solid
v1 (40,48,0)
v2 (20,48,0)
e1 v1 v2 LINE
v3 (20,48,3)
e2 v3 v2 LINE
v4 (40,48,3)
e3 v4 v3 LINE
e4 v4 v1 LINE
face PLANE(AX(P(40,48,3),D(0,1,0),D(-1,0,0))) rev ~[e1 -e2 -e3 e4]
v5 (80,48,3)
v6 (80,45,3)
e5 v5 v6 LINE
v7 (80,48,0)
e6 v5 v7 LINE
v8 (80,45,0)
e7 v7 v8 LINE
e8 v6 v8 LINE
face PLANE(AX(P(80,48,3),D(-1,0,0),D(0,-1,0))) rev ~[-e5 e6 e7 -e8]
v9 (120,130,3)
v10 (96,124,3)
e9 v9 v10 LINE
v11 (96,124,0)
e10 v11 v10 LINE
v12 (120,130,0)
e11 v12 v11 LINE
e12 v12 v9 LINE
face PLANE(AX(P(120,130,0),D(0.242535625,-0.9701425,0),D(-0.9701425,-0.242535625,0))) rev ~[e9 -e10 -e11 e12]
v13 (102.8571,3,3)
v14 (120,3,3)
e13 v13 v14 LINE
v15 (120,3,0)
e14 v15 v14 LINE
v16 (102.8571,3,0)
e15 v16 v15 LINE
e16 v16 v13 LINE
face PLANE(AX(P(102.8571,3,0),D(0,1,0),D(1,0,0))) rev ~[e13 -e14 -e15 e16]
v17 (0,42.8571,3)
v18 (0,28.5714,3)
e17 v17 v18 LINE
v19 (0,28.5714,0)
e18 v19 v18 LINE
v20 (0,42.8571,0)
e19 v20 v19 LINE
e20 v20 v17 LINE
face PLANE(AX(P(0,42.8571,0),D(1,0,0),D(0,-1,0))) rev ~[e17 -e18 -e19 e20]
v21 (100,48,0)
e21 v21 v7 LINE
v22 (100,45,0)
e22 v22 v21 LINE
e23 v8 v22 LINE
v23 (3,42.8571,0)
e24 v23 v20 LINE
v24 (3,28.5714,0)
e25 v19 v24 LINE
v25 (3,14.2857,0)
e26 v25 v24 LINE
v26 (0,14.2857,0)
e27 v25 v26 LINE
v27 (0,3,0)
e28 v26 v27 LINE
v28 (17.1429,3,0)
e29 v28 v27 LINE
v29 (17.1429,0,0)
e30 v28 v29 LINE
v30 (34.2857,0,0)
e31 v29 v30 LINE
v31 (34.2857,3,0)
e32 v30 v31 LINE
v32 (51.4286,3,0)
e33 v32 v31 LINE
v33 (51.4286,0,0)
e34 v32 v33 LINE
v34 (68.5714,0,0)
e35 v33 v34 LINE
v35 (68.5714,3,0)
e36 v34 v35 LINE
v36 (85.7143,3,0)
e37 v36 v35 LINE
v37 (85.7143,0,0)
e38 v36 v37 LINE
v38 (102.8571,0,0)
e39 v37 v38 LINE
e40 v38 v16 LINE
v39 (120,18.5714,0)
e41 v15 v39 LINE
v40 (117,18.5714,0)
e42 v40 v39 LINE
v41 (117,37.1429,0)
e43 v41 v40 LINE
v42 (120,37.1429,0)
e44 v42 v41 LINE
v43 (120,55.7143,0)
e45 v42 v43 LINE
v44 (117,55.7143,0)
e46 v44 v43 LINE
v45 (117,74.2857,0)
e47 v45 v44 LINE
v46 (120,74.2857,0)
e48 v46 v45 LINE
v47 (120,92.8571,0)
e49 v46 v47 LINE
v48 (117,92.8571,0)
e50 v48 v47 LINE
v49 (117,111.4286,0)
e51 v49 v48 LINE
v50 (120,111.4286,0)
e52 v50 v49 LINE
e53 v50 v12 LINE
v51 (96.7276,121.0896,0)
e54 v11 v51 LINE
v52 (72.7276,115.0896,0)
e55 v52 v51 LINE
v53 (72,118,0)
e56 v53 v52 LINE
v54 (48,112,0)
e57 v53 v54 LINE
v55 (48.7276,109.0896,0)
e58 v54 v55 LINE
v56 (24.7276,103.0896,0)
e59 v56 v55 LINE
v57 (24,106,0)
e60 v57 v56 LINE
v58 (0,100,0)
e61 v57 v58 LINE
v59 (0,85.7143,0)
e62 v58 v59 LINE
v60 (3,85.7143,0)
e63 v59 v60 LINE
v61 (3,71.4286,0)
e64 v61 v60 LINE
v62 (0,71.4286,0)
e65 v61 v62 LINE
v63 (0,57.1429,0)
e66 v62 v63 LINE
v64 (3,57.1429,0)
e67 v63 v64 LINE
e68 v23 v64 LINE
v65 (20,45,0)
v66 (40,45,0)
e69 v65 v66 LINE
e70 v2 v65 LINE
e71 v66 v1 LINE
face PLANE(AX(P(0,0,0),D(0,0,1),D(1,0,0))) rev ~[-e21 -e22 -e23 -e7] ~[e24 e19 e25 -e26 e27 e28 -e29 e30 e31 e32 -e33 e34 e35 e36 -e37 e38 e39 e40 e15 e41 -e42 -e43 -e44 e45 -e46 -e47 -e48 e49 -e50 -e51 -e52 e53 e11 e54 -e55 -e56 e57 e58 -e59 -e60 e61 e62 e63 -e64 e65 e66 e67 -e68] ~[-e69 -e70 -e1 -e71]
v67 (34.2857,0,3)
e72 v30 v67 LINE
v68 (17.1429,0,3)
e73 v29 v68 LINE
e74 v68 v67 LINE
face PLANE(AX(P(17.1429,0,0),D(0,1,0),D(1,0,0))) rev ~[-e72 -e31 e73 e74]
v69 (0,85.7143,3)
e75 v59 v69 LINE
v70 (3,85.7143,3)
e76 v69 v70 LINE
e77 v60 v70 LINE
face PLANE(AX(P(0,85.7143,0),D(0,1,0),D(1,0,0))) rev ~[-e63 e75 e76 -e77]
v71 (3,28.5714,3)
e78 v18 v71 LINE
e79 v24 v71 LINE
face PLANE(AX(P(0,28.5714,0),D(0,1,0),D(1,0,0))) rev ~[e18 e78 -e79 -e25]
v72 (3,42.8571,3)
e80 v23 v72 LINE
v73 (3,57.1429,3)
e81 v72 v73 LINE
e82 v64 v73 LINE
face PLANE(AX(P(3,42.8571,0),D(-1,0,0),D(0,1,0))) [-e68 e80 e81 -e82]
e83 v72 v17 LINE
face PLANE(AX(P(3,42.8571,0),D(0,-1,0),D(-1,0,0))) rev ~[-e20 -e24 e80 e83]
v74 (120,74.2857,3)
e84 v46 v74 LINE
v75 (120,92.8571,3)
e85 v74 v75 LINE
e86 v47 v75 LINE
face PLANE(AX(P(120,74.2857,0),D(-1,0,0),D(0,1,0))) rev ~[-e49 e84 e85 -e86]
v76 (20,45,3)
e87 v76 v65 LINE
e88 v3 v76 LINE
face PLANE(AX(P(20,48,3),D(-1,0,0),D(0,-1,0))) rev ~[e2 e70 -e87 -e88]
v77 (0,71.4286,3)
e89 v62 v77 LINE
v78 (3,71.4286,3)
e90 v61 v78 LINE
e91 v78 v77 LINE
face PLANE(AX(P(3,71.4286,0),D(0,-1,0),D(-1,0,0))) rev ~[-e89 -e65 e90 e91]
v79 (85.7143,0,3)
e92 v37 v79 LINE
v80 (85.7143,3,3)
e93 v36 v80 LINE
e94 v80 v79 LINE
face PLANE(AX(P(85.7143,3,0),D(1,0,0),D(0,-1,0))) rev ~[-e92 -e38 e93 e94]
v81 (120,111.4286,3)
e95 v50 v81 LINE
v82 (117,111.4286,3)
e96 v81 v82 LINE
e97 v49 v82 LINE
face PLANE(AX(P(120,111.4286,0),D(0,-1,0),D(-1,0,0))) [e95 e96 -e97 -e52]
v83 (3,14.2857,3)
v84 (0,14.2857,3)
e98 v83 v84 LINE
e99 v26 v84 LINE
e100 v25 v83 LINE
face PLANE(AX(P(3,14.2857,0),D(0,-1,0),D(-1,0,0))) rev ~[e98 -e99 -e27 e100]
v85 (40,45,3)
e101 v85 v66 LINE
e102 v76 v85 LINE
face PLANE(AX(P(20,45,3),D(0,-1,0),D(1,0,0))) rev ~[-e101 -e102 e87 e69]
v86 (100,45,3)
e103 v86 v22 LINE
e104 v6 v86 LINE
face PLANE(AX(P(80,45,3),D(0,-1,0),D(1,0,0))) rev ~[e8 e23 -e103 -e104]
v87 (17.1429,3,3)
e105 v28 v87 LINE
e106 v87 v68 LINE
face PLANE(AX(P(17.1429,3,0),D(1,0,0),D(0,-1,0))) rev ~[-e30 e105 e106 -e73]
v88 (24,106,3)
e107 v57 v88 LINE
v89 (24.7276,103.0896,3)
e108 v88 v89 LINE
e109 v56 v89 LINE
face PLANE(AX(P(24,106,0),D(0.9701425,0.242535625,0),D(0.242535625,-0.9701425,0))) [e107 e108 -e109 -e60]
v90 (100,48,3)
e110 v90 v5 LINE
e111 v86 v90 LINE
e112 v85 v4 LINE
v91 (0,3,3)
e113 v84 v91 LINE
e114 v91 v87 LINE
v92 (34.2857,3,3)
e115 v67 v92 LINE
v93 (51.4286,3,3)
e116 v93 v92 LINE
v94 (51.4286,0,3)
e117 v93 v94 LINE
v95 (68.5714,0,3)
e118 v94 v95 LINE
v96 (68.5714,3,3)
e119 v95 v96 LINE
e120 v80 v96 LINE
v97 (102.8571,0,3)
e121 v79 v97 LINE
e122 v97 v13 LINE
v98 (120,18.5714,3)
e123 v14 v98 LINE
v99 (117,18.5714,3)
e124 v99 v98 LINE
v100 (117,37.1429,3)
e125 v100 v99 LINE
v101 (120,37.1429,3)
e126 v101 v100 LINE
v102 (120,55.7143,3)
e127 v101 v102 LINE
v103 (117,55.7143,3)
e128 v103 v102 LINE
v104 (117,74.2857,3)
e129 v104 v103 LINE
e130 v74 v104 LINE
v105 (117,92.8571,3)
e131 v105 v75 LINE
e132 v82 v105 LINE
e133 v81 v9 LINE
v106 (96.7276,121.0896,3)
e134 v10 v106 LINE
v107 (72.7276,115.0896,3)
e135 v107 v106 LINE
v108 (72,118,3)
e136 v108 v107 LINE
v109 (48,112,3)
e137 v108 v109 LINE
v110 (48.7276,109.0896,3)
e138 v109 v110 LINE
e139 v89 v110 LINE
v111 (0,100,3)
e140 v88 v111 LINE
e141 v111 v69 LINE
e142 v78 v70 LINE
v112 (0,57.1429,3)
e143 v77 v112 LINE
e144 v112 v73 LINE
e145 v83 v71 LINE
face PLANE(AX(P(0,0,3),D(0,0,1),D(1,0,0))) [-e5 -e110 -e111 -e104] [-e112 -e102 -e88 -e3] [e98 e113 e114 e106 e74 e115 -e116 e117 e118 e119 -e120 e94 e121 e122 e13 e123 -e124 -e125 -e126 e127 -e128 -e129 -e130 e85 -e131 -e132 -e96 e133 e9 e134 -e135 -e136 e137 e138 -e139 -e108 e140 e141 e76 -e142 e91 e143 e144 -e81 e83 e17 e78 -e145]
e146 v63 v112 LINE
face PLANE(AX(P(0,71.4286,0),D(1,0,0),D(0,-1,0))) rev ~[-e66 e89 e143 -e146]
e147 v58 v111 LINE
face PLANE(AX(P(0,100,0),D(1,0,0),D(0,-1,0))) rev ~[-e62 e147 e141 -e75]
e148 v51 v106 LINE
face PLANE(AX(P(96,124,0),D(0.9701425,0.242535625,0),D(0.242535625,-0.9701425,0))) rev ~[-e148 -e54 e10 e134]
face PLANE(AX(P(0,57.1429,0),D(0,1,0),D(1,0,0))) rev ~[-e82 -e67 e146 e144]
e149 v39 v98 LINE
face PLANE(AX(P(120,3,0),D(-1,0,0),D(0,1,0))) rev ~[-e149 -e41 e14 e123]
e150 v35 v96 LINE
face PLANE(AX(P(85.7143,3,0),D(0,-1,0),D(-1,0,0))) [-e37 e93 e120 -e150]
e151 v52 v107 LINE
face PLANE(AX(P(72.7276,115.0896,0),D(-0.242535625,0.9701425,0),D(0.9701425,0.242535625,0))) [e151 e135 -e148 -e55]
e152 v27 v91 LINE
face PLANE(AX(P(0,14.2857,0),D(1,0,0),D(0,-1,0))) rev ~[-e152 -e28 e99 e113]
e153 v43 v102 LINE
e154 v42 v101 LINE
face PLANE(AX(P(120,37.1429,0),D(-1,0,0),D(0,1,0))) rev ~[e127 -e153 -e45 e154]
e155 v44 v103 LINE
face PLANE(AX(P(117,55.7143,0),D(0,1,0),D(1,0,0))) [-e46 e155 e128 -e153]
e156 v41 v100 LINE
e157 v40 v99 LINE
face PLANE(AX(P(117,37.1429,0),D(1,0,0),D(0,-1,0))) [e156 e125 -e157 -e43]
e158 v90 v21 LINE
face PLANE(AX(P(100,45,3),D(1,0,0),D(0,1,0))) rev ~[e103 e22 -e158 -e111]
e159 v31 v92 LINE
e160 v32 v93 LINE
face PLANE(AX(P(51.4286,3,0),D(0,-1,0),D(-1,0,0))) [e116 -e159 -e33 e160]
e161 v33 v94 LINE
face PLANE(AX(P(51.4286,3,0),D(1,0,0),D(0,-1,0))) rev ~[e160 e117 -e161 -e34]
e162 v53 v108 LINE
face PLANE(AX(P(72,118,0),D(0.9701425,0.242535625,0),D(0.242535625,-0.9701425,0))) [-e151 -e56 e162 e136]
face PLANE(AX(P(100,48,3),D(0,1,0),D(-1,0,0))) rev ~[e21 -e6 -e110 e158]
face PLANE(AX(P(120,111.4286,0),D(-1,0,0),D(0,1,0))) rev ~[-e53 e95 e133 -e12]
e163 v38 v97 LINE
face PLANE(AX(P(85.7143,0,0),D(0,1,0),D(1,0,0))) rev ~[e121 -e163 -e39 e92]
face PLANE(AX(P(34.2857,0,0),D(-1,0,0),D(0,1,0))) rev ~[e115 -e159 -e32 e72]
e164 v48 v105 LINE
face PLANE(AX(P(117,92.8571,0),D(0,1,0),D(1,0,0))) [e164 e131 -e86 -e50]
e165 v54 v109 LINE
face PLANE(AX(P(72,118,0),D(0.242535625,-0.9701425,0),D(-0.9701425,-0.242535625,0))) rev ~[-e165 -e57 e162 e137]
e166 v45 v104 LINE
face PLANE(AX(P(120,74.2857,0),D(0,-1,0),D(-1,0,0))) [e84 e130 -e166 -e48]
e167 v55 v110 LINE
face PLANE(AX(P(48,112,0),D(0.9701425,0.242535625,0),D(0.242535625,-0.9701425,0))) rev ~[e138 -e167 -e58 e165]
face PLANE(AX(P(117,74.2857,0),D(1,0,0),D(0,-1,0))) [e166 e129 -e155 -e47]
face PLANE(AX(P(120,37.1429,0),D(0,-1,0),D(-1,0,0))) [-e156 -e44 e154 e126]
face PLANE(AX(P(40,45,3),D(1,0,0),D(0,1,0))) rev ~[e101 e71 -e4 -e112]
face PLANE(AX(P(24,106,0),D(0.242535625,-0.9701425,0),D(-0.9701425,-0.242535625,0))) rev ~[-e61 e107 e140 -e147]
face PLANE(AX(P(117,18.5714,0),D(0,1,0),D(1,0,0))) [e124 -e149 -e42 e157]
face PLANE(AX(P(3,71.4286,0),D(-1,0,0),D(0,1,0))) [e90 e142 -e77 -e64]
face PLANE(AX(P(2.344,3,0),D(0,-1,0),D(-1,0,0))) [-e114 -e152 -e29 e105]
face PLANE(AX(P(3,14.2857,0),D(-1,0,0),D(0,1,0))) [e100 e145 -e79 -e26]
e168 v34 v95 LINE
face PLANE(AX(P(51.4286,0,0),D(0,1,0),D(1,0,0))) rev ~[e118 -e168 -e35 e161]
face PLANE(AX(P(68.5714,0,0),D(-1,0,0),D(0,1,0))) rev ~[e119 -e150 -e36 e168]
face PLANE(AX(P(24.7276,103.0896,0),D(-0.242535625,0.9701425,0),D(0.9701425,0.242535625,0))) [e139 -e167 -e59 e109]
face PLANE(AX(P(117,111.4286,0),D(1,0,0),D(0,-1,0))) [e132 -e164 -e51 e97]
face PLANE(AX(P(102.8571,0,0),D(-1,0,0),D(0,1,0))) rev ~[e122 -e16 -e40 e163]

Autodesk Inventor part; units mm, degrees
ref_plane "YZ Plane" through (0, 0, 0) normal (1, 0, 0) x (0, 1, 0)
ref_plane "XZ Plane" through (0, 0, 0) normal (0, 1, 0) x (-1, 0, 0)
ref_plane "XY Plane" through (0, 0, 0) normal (0, 0, 1) x (1, 0, 0)
sketch "Sketch1" plane through (0, 0, 0) normal (0, 0, 1) x (1, 0, 0)
  line L0 (0, 85.7143) -> (3, 85.7143)
  line L1 (3, 71.4286) -> (0, 71.4286)
  line L2 (0, 57.1429) -> (3, 57.1429)
  line L3 (3, 42.8571) -> (0, 42.8571)
  line L4 (0, 28.5714) -> (3, 28.5714)
  line L5 (3, 14.2857) -> (0, 14.2857)
  line L6 (117, 18.5714) -> (120, 18.5714)
  line L7 (120, 37.1429) -> (117, 37.1429)
  line L8 (117, 55.7143) -> (120, 55.7143)
  line L9 (120, 74.2857) -> (117, 74.2857)
  line L10 (117, 92.8571) -> (120, 92.8571)
  line L11 (120, 111.4286) -> (117, 111.4286)
  line L12 (17.1429, 3) -> (17.1429, 0)
  line L13 (34.2857, 0) -> (34.2857, 3)
  line L14 (51.4286, 3) -> (51.4286, 0)
  line L15 (68.5714, 0) -> (68.5714, 3)
  line L16 (85.7143, 3) -> (85.7143, 0)
  line L17 (102.8571, 0) -> (102.8571, 3)
  line L18 (2.344, 3) -> (0, 3)
  line L19 (102.8571, 3) -> (120, 3)
  line L20 (17.1429, 3) -> (2.344, 3)
  line L21 (51.4286, 3) -> (34.2857, 3)
  line L22 (85.7143, 3) -> (68.5714, 3)
  line L23 (17.1429, 0) -> (34.2857, 0)
  line L24 (51.4286, 0) -> (68.5714, 0)
  line L25 (85.7143, 0) -> (102.8571, 0)
  line L26 (117, 37.1429) -> (117, 18.5714)
  line L27 (117, 111.4286) -> (117, 92.8571)
  line L28 (117, 74.2857) -> (117, 55.7143)
  line L29 (120, 111.4286) -> (120, 130)
  line L30 (120, 74.2857) -> (120, 92.8571)
  line L31 (120, 3) -> (120, 18.5714)
  line L32 (120, 37.1429) -> (120, 55.7143)
  line L33 (3, 71.4286) -> (3, 85.7143)
  line L34 (3, 14.2857) -> (3, 28.5714)
  line L35 (3, 42.8571) -> (3, 57.1429)
  line L36 (0, 14.2857) -> (0, 3)
  line L37 (0, 42.8571) -> (0, 28.5714)
  line L38 (0, 100) -> (0, 85.7143)
  line L39 (0, 71.4286) -> (0, 57.1429)
  line L40 (24, 106) -> (24.7276, 103.0896)
  line L41 (48, 112) -> (48.7276, 109.0896)
  line L42 (72, 118) -> (72.7276, 115.0896)
  line L43 (96, 124) -> (96.7276, 121.0896)
  line L44 (24, 106) -> (0, 100)
  line L45 (120, 130) -> (96, 124)
  line L46 (72, 118) -> (48, 112)
  line L47 (24.7276, 103.0896) -> (48.7276, 109.0896)
  line L48 (72.7276, 115.0896) -> (96.7276, 121.0896)
  point P0 (0, 0)
  point P1 (0, 0)
  dimension "d32" = 100
  dimension "d33" = 3
  dimension "d34" = 130
  dimension "d35" = 17.1429
  dimension "d36" = 34.2857
  dimension "d37" = 51.4286
  dimension "d38" = 85.7143
  dimension "d39" = 68.5714
  dimension "d40" = 102.8571
  dimension "d41" = 120
  dimension "d42" = 3
  dimension "d43" = 18.5714
  dimension "d44" = 55.7143
  dimension "d45" = 111.4286
  dimension "d46" = 92.8571
  dimension "d47" = 37.1429
  dimension "d48" = 74.2857
  dimension "d49" = 14.2857
  dimension "d50" = 28.5714
  dimension "d51" = 42.8571
  dimension "d52" = 57.1429
  dimension "d53" = 71.4286
  dimension "d54" = 85.7143
  dimension "d55" = 3
  dimension "d56" = 3
  dimension "d58" = 24.7386
  dimension "d59" = 49.4773
  dimension "d60" = 74.2159
  dimension "d61" = 98.9545
  dimension "d62" = 3
  dimension "d71" = 3
extrude "Extrusion1" add sketch "Sketch1" along normal blind 3
sketch "Sketch2" plane through (0, 0, 3) normal (0, 0, 1) x (1, 0, 0)
  line L0 (20, 45) -> (40, 45)
  line L1 (40, 45) -> (40, 48)
  line L2 (40, 48) -> (20, 48)
  line L3 (20, 48) -> (20, 45)
  line L4 (17.1429, 0) -> (34.2857, 0) projected
  line L5 (0, 42.8571) -> (0, 28.5714) projected
  line L6 (80, 45) -> (100, 45)
  line L7 (100, 45) -> (100, 48)
  line L8 (100, 48) -> (80, 48)
  line L9 (80, 48) -> (80, 45)
  line L10 (120, 37.1429) -> (120, 55.7143) projected
  point P0 (0, 0)
  dimension "d63" = 3
  dimension "d64" = 45
  dimension "d65" = 20
  dimension "d66" = 20
  dimension "d67" = 20
  dimension "d68" = 20
extrude "Extrusion2" cut sketch "Sketch2" against normal through all
equation "\"d32\" = height_front"
equation "\"d33\" = tt"
equation "\"d34\" = height_back"
equation "\"d35\" = 0.142857 * ht - tol"
equation "\"d36\" = 0.285714 * ht + tol"
equation "\"d37\" = 0.428571 * ht - tol"
equation "\"d38\" = 0.714286 * ht - tol"
equation "\"d39\" = 0.571429 * ht + tol"
equation "\"d40\" = 0.857143 * ht + tol"
equation "\"d41\" = ht"
equation "\"d42\" = tt"
equation "\"d43\" = 0.142857 * height_back + tol"
equation "\"d44\" = 0.428571 * height_back + tol"
equation "\"d45\" = 0.857143 * height_back - tol"
equation "\"d46\" = 0.714286 * height_back + tol"
equation "\"d47\" = 0.285714 * height_back - tol"
equation "\"d48\" = 0.571429 * height_back - tol"
equation "\"d49\" = 0.142857 * height_front - tol"
equation "\"d50\" = 0.285714 * height_front + tol"
equation "\"d51\" = 0.428571 * height_front - tol"
equation "\"d52\" = 0.571429 * height_front + tol"
equation "\"d53\" = 0.714286 * height_front - tol"
equation "\"d54\" = 0.857143 * height_front + tol"
equation "\"d55\" = tt"
equation "\"d24\" = tt"
equation "\"ht\" = 120"
equation "\"tt\" = 3"
equation "\"tol\" = 0"
equation "\"height_back\" = 130"
equation "\"height_front\" = 100"
equation "\"d4\" = tt"
equation "\"d31\" = tt"
equation "\"tiroir\" = 1"
equation "\"ht_diag\" = 123.69317"
equation "\"nHoles\" = 4"
equation "\"shelfH\" = 35"
properties part number "back"
